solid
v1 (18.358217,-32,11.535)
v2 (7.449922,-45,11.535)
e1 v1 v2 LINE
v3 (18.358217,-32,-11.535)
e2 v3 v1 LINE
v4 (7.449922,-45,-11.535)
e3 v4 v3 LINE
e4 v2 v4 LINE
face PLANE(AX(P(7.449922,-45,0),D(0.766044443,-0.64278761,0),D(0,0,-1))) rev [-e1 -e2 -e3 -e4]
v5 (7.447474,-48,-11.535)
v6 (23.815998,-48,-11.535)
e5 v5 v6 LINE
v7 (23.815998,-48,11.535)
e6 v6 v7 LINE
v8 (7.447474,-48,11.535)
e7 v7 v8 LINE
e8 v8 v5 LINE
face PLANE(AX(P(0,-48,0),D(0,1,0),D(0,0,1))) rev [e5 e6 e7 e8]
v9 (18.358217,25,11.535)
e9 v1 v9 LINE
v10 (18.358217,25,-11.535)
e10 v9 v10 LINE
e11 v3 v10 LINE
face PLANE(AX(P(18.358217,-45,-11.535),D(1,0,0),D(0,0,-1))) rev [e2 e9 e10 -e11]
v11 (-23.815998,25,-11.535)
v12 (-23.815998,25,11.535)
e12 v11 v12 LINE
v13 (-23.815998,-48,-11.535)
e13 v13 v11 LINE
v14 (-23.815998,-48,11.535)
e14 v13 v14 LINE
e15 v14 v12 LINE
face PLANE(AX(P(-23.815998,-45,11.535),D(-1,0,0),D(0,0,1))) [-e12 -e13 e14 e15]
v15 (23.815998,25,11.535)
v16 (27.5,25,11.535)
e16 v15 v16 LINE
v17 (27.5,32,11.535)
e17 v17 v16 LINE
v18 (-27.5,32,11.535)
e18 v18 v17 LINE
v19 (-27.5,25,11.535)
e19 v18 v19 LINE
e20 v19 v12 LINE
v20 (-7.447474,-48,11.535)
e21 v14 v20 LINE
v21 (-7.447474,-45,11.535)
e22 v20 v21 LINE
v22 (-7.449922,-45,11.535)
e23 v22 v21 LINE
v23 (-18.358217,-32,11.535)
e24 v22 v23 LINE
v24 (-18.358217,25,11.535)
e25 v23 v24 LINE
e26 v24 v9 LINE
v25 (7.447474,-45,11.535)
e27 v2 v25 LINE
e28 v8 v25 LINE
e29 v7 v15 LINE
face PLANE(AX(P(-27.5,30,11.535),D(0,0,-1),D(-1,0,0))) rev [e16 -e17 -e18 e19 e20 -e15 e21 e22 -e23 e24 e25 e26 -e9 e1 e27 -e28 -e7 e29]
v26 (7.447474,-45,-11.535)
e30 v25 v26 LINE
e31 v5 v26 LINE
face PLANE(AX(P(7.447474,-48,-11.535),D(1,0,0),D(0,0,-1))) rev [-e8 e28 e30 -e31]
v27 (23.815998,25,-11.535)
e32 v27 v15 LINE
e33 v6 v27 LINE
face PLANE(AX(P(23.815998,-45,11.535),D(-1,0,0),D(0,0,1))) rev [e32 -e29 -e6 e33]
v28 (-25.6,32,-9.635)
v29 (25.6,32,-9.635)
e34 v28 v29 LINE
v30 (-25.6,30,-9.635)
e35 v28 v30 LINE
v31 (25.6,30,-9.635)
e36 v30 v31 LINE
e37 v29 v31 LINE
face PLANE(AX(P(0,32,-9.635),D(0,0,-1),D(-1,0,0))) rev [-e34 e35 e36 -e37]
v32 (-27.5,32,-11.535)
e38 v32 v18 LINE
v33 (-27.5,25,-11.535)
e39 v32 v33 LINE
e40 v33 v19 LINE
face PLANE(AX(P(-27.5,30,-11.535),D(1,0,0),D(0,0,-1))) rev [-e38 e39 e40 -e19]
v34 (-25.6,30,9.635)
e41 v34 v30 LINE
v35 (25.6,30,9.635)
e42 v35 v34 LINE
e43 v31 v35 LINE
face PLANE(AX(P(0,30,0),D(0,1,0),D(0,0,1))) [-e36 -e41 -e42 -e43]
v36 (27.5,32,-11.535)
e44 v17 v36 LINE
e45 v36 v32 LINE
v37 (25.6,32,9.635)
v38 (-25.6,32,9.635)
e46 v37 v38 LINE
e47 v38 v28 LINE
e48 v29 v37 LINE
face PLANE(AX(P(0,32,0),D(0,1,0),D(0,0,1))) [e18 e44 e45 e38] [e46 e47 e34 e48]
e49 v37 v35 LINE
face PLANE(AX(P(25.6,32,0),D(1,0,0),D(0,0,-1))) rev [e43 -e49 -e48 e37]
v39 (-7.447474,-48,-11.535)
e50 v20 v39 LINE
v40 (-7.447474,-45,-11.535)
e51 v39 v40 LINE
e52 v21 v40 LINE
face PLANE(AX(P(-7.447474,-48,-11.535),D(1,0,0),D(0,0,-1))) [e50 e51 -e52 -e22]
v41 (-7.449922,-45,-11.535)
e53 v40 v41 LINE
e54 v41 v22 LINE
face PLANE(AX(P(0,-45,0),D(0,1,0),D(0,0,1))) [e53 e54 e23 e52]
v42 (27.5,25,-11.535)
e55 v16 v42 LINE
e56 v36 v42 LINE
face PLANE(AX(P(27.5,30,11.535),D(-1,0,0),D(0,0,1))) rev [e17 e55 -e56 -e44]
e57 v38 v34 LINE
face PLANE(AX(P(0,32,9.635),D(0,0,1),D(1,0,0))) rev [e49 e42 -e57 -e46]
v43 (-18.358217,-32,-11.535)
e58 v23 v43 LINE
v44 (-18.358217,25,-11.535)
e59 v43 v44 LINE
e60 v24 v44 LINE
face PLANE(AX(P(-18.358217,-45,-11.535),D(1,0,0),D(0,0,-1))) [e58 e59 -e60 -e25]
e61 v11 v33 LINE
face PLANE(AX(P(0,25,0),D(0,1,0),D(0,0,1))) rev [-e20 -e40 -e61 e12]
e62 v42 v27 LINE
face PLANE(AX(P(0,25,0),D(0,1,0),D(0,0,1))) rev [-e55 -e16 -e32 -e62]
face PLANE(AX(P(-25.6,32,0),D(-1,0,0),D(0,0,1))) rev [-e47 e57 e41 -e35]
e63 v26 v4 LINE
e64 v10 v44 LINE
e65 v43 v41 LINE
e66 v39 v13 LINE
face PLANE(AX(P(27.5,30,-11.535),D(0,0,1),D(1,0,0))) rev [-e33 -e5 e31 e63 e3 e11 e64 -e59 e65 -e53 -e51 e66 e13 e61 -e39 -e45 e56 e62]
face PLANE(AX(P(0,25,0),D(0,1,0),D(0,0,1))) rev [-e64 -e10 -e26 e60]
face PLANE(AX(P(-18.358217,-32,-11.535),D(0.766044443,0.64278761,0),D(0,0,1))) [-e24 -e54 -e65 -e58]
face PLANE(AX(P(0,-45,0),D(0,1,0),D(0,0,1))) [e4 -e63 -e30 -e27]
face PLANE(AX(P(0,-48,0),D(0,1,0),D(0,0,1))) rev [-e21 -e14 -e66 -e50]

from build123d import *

# Parameters (mm, degrees)
SKETCH1_W                 = 7.82
SKETCH1_H                 = 51
BOSS_EXTRUDE1_DEPTH       = 25
SKETCH2_W                 = 55
SKETCH2_H                 = 23.07
BOSS_EXTRUDE2_DEPTH       = 5
SKETCH3_W                 = 55
SKETCH3_H                 = 23.07
SKETCH3_W_2               = 51.2
SKETCH3_H_2               = 19.27
BOSS_EXTRUDE3_DEPTH       = 2
FILLET1_R                 = 10
FILLET2_R                 = 3
SKETCH4_W                 = 3
SKETCH4_H                 = 10
BOSS_EXTRUDE4_DEPTH       = 2.5
CHAMFER1_SIZE             = 1
SKETCH5_W                 = 98.213610125
SKETCH5_H                 = 151.23254193
CUT_EXTRUDE1_DEPTH        = 30
SKETCH6_W                 = 5.457780719
SKETCH6_H                 = 23.07
BOSS_EXTRUDE5_DEPTH       = 70
SKETCH7_W                 = 16.36852431
SKETCH7_H                 = 23.07
BOSS_EXTRUDE6_DEPTH       = 3
CHAMFER2_SIZE             = 13
CHAMFER2_SIZE2            = 10.908295205
CHAMFER2_OF_MIRROR1_SIZE2 = 10.908295205
CHAMFER2_OF_MIRROR1_SIZE  = 13


with BuildPart() as part:
    # Sketch1 → Boss-Extrude1 (new body)
    with BuildSketch(Plane(origin=(0, 0, 0), x_dir=(1, 0, 0), z_dir=(0, 1, 0))):
        Rectangle(SKETCH1_W, SKETCH1_H)
    extrude(amount=BOSS_EXTRUDE1_DEPTH)

    # Sketch2 → Boss-Extrude2 (add)
    with BuildSketch(Plane(origin=(0, 25, 0), x_dir=(1, 0, 0), z_dir=(0, 1, 0))):
        Rectangle(SKETCH2_W, SKETCH2_H)
    extrude(amount=BOSS_EXTRUDE2_DEPTH)

    # Sketch3 → Boss-Extrude3 (add)
    with BuildSketch(Plane(origin=(0, 30, 0), x_dir=(1, 0, 0), z_dir=(0, 1, 0))):
        Rectangle(SKETCH3_W, SKETCH3_H)
        Rectangle(SKETCH3_W_2, SKETCH3_H_2, mode=Mode.SUBTRACT)
    extrude(amount=BOSS_EXTRUDE3_DEPTH)

    # Fillet1
    fillet1_edges = [part.edges().sort_by_distance(p)[0] for p in [
        (-3.91, 25, 0),
    ]]
    fillet(fillet1_edges, radius=FILLET1_R)

    # Fillet2
    fillet2_edges = [part.edges().sort_by_distance(p)[0] for p in [
        (3.91, 25, 0),
    ]]
    fillet(fillet2_edges, radius=FILLET2_R)

    # Sketch4 → Boss-Extrude4 (add)
    with BuildSketch(Plane.ZY.offset(3.91)):
        Rectangle(SKETCH4_W, SKETCH4_H)
    extrude(amount=BOSS_EXTRUDE4_DEPTH)

    # Chamfer1
    chamfer1_edges = [part.edges().sort_by_distance(p)[0] for p in [
        (-3.91, 2.5, 1.5),
        (-3.91, 5, 0),
        (-3.91, 2.5, -1.5),
    ]]
    chamfer(chamfer1_edges, length=CHAMFER1_SIZE)

    # Sketch5 → Cut-Extrude1 (cut)
    with BuildSketch(Plane(origin=(0, -5, 0), x_dir=(-1, 0, 0), z_dir=(0, -1, 0))):
        with Locations((5.202747623, 0)):
            Rectangle(SKETCH5_W, SKETCH5_H)
    extrude(amount=-CUT_EXTRUDE1_DEPTH, mode=Mode.SUBTRACT)

    # Sketch6 → Boss-Extrude5 (add)
    with BuildSketch(Plane(origin=(0, 25, 0), x_dir=(-1, 0, 0), z_dir=(0, -1, 0))):
        with Locations((-21.087107753, 0)):
            Rectangle(SKETCH6_W, SKETCH6_H)
    boss_extrude5 = extrude(amount=BOSS_EXTRUDE5_DEPTH)

    # Sketch7 → Boss-Extrude6 (add)
    with BuildSketch(Plane(origin=(0, -45, 0), x_dir=(-1, 0, 0), z_dir=(0, -1, 0))):
        with Locations((-15.631735957, 0)):
            Rectangle(SKETCH7_W, SKETCH7_H)
    boss_extrude6 = extrude(amount=BOSS_EXTRUDE6_DEPTH)

    # Chamfer2
    chamfer2_edges = [part.edges().sort_by_distance(p)[0] for p in [
        (18.358217393, -45, 0),
    ]]
    chamfer2_side = [part.faces().sort_by_distance(p)[0] for p in [
        (18.358217393, -10, 0),
    ]]
    chamfer(chamfer2_edges, length=CHAMFER2_SIZE, length2=CHAMFER2_SIZE2, reference=chamfer2_side[0])

    # Mirror1: Boss-Extrude5, Boss-Extrude6 across plane
    add(boss_extrude5.mirror(Plane(origin=(0, 0, 0), x_dir=(0, 0, 1), z_dir=(1, 0, 0))))
    add(boss_extrude6.mirror(Plane(origin=(0, 0, 0), x_dir=(0, 0, 1), z_dir=(1, 0, 0))))

    # Chamfer2 of Mirror1
    chamfer2_of_mirror1_edges = [part.edges().sort_by_distance(p)[0] for p in [
        (-18.358217393, -45, 0),
    ]]
    chamfer(chamfer2_of_mirror1_edges, length=CHAMFER2_OF_MIRROR1_SIZE, length2=CHAMFER2_OF_MIRROR1_SIZE2)


solid = part.part
